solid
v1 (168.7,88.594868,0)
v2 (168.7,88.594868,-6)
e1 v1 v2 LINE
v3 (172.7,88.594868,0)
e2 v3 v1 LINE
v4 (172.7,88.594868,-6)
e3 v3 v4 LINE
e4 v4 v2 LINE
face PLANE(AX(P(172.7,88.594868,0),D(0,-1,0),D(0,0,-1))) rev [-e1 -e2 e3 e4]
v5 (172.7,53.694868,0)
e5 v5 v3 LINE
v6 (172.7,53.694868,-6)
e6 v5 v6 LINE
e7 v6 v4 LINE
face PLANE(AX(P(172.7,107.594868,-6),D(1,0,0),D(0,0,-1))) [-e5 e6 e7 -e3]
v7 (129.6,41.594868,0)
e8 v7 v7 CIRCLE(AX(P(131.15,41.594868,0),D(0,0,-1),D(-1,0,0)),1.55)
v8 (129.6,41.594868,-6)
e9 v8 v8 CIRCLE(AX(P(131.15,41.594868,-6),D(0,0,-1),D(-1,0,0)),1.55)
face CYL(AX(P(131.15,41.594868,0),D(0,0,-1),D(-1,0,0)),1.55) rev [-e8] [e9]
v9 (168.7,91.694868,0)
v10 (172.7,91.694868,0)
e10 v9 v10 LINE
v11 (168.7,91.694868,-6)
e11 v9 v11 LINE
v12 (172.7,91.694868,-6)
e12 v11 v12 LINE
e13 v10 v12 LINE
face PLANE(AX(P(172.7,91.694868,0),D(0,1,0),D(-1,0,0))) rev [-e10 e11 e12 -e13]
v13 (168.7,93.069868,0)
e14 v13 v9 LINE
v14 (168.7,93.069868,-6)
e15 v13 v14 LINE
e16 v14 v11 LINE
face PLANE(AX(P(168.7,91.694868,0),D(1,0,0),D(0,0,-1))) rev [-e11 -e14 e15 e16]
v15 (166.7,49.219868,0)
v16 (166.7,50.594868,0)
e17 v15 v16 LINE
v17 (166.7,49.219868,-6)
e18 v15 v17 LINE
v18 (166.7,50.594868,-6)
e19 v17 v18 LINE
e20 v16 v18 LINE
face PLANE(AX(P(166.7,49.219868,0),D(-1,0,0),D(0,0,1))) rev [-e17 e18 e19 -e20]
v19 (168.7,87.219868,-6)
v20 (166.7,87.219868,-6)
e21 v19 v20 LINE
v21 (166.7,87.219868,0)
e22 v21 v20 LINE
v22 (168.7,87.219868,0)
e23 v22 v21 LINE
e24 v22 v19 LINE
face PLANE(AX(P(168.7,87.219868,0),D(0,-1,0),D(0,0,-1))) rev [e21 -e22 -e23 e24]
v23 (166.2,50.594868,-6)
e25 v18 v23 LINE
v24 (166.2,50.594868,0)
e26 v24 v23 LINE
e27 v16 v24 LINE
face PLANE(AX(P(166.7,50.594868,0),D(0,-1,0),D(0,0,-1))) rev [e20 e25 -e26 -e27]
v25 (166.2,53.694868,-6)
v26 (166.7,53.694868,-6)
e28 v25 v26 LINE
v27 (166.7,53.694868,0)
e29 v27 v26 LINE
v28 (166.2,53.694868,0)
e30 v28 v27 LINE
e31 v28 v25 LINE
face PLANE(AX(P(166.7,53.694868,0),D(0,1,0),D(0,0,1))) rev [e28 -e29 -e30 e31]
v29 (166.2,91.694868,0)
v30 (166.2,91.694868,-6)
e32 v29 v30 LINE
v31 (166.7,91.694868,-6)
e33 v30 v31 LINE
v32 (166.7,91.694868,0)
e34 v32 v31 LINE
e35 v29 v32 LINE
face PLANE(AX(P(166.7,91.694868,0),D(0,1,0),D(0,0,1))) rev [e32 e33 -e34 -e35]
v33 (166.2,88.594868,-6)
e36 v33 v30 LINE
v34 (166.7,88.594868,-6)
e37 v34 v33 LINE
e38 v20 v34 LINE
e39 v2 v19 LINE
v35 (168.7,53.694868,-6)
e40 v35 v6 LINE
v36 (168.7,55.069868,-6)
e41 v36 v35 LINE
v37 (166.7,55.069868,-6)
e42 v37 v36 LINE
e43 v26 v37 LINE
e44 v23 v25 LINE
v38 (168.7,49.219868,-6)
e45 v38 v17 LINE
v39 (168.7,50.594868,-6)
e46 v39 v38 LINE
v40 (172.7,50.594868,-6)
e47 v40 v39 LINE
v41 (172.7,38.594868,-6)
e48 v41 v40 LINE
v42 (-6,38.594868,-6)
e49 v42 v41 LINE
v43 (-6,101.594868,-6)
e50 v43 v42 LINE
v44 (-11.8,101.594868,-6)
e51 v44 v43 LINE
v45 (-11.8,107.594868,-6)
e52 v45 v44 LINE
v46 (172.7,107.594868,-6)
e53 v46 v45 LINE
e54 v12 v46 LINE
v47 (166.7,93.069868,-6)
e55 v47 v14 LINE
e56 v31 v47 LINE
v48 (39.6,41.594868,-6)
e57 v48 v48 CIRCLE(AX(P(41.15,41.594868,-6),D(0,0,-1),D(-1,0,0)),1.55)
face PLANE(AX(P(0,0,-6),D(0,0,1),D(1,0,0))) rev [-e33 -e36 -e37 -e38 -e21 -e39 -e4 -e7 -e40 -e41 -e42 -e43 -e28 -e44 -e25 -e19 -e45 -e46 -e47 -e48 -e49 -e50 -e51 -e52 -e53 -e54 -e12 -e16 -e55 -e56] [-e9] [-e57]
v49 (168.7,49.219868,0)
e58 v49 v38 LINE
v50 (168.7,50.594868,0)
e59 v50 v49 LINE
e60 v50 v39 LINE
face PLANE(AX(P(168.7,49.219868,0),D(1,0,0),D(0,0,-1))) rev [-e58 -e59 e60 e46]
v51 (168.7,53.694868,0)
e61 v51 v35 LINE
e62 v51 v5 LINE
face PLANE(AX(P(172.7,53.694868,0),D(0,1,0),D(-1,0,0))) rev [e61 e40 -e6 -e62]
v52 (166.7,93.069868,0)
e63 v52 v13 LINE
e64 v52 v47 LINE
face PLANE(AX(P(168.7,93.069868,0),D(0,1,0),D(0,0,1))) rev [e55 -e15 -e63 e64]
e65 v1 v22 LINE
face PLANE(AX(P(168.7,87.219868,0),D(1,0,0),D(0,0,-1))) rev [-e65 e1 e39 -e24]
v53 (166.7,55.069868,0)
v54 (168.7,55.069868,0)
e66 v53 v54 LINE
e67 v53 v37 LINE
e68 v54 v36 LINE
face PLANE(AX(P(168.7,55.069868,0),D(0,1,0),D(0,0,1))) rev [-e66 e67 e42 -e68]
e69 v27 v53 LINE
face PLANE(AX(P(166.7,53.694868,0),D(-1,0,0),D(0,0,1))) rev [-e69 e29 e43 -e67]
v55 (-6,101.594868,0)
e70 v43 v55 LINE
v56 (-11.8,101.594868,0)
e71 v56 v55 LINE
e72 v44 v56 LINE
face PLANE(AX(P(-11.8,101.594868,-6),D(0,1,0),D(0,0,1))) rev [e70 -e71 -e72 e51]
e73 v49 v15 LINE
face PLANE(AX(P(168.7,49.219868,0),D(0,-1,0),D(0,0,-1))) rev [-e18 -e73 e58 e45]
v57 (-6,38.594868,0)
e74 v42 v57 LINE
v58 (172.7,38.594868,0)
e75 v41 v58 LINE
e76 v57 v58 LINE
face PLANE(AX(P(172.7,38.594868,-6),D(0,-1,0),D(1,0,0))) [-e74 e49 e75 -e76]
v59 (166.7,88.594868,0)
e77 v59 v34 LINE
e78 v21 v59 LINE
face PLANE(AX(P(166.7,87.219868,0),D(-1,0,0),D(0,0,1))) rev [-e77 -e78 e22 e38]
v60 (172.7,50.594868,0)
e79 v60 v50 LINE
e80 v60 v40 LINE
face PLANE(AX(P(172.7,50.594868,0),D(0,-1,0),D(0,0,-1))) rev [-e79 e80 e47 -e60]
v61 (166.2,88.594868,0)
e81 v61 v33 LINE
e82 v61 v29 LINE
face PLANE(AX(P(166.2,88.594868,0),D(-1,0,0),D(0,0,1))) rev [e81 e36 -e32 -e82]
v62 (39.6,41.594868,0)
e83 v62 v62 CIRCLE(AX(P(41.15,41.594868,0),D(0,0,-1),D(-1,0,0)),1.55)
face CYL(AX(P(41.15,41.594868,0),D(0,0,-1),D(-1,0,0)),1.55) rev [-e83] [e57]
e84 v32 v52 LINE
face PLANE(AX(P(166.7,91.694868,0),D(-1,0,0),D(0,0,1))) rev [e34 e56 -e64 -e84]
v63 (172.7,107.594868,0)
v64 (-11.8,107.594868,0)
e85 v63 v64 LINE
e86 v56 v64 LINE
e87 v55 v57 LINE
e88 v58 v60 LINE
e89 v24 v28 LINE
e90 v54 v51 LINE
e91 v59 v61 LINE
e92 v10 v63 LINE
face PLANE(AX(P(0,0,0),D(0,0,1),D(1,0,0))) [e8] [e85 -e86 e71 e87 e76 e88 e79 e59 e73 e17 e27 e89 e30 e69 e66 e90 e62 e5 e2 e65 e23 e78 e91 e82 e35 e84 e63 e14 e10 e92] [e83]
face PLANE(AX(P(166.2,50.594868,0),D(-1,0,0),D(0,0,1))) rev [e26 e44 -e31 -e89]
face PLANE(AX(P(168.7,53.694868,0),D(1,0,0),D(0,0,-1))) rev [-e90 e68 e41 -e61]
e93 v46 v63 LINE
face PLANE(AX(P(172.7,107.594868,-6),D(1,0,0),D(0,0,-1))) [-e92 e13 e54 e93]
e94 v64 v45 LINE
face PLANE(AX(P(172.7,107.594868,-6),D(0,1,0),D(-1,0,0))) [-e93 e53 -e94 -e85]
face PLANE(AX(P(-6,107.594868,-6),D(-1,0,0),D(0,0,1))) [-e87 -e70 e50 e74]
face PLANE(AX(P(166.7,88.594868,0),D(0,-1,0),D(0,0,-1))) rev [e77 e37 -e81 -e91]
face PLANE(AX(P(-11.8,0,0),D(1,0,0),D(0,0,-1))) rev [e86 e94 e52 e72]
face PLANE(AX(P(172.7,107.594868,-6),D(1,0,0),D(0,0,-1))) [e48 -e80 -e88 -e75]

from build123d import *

# Parameters (mm, degrees)
SZKIC1_W                    = 178.7
SZKIC1_H                    = 69
DODANIE_WYCI_GNI_CIE1_DEPTH = 6
SZKIC3_R                    = 1.55
WYTNIJ_WYCI_GNI_CIE1_DEPTH  = 204.563124249
WYTNIJ_WYCI_GNI_CIE2_DEPTH  = 204.563124249
SZYK_LINIOWY1_COUNT         = 2
SZYK_LINIOWY1_PITCH         = 38
SZKIC5_W                    = 6
SZKIC5_H                    = 6
DODANIE_WYCI_GNI_CIE2_DEPTH = 5.8


with BuildPart() as part:
    # Szkic1 → Dodanie-wyciągnięcie1 (new body)
    with BuildSketch(Plane.XY):
        with Locations((83.35, 73.094867693)):
            Rectangle(SZKIC1_W, SZKIC1_H)
    extrude(amount=-DODANIE_WYCI_GNI_CIE1_DEPTH)

    # Szkic3 → Wytnij-wyciągnięcie1 (cut, through all)
    with BuildSketch(Plane(origin=(0, 0, -6), x_dir=(-1, 0, 0), z_dir=(0, 0, -1))):
        with Locations((-41.15, 41.594867693)):
            Circle(SZKIC3_R)
        with Locations((-131.15, 41.594867693)):
            Circle(SZKIC3_R)
    extrude(amount=-WYTNIJ_WYCI_GNI_CIE1_DEPTH, mode=Mode.SUBTRACT)

    # Szkic4 → Wytnij-wyciągnięcie2 (cut, through all)
    with BuildSketch(Plane(origin=(0, 0, -6), x_dir=(-1, 0, 0), z_dir=(0, 0, -1))):
        Polygon((-172.7, 50.594867693), (-172.7, 53.694867693), (-168.7, 53.694867693), (-168.7, 55.069867693), (-166.7, 55.069867693), (-166.7, 53.694867693), (-166.2, 53.694867693), (-166.2, 50.594867693), (-166.7, 50.594867693), (-166.7, 49.219867693), (-168.7, 49.219867693), (-168.7, 50.594867693), align=None)
    wytnij_wyci_gni_cie2 = extrude(amount=-WYTNIJ_WYCI_GNI_CIE2_DEPTH, mode=Mode.SUBTRACT)

    # Szyk liniowy1: Wytnij-wyciągnięcie2 ×2
    with Locations(*[(0, i * SZYK_LINIOWY1_PITCH, 0) for i in range(1, SZYK_LINIOWY1_COUNT)]):
        add(wytnij_wyci_gni_cie2, mode=Mode.SUBTRACT)

    # Szkic5 → Dodanie-wyciągnięcie2 (add)
    with BuildSketch(Plane.ZY.offset(6)):
        with Locations((-3, 104.594867693)):
            Rectangle(SZKIC5_W, SZKIC5_H)
    extrude(amount=DODANIE_WYCI_GNI_CIE2_DEPTH)


solid = part.part
